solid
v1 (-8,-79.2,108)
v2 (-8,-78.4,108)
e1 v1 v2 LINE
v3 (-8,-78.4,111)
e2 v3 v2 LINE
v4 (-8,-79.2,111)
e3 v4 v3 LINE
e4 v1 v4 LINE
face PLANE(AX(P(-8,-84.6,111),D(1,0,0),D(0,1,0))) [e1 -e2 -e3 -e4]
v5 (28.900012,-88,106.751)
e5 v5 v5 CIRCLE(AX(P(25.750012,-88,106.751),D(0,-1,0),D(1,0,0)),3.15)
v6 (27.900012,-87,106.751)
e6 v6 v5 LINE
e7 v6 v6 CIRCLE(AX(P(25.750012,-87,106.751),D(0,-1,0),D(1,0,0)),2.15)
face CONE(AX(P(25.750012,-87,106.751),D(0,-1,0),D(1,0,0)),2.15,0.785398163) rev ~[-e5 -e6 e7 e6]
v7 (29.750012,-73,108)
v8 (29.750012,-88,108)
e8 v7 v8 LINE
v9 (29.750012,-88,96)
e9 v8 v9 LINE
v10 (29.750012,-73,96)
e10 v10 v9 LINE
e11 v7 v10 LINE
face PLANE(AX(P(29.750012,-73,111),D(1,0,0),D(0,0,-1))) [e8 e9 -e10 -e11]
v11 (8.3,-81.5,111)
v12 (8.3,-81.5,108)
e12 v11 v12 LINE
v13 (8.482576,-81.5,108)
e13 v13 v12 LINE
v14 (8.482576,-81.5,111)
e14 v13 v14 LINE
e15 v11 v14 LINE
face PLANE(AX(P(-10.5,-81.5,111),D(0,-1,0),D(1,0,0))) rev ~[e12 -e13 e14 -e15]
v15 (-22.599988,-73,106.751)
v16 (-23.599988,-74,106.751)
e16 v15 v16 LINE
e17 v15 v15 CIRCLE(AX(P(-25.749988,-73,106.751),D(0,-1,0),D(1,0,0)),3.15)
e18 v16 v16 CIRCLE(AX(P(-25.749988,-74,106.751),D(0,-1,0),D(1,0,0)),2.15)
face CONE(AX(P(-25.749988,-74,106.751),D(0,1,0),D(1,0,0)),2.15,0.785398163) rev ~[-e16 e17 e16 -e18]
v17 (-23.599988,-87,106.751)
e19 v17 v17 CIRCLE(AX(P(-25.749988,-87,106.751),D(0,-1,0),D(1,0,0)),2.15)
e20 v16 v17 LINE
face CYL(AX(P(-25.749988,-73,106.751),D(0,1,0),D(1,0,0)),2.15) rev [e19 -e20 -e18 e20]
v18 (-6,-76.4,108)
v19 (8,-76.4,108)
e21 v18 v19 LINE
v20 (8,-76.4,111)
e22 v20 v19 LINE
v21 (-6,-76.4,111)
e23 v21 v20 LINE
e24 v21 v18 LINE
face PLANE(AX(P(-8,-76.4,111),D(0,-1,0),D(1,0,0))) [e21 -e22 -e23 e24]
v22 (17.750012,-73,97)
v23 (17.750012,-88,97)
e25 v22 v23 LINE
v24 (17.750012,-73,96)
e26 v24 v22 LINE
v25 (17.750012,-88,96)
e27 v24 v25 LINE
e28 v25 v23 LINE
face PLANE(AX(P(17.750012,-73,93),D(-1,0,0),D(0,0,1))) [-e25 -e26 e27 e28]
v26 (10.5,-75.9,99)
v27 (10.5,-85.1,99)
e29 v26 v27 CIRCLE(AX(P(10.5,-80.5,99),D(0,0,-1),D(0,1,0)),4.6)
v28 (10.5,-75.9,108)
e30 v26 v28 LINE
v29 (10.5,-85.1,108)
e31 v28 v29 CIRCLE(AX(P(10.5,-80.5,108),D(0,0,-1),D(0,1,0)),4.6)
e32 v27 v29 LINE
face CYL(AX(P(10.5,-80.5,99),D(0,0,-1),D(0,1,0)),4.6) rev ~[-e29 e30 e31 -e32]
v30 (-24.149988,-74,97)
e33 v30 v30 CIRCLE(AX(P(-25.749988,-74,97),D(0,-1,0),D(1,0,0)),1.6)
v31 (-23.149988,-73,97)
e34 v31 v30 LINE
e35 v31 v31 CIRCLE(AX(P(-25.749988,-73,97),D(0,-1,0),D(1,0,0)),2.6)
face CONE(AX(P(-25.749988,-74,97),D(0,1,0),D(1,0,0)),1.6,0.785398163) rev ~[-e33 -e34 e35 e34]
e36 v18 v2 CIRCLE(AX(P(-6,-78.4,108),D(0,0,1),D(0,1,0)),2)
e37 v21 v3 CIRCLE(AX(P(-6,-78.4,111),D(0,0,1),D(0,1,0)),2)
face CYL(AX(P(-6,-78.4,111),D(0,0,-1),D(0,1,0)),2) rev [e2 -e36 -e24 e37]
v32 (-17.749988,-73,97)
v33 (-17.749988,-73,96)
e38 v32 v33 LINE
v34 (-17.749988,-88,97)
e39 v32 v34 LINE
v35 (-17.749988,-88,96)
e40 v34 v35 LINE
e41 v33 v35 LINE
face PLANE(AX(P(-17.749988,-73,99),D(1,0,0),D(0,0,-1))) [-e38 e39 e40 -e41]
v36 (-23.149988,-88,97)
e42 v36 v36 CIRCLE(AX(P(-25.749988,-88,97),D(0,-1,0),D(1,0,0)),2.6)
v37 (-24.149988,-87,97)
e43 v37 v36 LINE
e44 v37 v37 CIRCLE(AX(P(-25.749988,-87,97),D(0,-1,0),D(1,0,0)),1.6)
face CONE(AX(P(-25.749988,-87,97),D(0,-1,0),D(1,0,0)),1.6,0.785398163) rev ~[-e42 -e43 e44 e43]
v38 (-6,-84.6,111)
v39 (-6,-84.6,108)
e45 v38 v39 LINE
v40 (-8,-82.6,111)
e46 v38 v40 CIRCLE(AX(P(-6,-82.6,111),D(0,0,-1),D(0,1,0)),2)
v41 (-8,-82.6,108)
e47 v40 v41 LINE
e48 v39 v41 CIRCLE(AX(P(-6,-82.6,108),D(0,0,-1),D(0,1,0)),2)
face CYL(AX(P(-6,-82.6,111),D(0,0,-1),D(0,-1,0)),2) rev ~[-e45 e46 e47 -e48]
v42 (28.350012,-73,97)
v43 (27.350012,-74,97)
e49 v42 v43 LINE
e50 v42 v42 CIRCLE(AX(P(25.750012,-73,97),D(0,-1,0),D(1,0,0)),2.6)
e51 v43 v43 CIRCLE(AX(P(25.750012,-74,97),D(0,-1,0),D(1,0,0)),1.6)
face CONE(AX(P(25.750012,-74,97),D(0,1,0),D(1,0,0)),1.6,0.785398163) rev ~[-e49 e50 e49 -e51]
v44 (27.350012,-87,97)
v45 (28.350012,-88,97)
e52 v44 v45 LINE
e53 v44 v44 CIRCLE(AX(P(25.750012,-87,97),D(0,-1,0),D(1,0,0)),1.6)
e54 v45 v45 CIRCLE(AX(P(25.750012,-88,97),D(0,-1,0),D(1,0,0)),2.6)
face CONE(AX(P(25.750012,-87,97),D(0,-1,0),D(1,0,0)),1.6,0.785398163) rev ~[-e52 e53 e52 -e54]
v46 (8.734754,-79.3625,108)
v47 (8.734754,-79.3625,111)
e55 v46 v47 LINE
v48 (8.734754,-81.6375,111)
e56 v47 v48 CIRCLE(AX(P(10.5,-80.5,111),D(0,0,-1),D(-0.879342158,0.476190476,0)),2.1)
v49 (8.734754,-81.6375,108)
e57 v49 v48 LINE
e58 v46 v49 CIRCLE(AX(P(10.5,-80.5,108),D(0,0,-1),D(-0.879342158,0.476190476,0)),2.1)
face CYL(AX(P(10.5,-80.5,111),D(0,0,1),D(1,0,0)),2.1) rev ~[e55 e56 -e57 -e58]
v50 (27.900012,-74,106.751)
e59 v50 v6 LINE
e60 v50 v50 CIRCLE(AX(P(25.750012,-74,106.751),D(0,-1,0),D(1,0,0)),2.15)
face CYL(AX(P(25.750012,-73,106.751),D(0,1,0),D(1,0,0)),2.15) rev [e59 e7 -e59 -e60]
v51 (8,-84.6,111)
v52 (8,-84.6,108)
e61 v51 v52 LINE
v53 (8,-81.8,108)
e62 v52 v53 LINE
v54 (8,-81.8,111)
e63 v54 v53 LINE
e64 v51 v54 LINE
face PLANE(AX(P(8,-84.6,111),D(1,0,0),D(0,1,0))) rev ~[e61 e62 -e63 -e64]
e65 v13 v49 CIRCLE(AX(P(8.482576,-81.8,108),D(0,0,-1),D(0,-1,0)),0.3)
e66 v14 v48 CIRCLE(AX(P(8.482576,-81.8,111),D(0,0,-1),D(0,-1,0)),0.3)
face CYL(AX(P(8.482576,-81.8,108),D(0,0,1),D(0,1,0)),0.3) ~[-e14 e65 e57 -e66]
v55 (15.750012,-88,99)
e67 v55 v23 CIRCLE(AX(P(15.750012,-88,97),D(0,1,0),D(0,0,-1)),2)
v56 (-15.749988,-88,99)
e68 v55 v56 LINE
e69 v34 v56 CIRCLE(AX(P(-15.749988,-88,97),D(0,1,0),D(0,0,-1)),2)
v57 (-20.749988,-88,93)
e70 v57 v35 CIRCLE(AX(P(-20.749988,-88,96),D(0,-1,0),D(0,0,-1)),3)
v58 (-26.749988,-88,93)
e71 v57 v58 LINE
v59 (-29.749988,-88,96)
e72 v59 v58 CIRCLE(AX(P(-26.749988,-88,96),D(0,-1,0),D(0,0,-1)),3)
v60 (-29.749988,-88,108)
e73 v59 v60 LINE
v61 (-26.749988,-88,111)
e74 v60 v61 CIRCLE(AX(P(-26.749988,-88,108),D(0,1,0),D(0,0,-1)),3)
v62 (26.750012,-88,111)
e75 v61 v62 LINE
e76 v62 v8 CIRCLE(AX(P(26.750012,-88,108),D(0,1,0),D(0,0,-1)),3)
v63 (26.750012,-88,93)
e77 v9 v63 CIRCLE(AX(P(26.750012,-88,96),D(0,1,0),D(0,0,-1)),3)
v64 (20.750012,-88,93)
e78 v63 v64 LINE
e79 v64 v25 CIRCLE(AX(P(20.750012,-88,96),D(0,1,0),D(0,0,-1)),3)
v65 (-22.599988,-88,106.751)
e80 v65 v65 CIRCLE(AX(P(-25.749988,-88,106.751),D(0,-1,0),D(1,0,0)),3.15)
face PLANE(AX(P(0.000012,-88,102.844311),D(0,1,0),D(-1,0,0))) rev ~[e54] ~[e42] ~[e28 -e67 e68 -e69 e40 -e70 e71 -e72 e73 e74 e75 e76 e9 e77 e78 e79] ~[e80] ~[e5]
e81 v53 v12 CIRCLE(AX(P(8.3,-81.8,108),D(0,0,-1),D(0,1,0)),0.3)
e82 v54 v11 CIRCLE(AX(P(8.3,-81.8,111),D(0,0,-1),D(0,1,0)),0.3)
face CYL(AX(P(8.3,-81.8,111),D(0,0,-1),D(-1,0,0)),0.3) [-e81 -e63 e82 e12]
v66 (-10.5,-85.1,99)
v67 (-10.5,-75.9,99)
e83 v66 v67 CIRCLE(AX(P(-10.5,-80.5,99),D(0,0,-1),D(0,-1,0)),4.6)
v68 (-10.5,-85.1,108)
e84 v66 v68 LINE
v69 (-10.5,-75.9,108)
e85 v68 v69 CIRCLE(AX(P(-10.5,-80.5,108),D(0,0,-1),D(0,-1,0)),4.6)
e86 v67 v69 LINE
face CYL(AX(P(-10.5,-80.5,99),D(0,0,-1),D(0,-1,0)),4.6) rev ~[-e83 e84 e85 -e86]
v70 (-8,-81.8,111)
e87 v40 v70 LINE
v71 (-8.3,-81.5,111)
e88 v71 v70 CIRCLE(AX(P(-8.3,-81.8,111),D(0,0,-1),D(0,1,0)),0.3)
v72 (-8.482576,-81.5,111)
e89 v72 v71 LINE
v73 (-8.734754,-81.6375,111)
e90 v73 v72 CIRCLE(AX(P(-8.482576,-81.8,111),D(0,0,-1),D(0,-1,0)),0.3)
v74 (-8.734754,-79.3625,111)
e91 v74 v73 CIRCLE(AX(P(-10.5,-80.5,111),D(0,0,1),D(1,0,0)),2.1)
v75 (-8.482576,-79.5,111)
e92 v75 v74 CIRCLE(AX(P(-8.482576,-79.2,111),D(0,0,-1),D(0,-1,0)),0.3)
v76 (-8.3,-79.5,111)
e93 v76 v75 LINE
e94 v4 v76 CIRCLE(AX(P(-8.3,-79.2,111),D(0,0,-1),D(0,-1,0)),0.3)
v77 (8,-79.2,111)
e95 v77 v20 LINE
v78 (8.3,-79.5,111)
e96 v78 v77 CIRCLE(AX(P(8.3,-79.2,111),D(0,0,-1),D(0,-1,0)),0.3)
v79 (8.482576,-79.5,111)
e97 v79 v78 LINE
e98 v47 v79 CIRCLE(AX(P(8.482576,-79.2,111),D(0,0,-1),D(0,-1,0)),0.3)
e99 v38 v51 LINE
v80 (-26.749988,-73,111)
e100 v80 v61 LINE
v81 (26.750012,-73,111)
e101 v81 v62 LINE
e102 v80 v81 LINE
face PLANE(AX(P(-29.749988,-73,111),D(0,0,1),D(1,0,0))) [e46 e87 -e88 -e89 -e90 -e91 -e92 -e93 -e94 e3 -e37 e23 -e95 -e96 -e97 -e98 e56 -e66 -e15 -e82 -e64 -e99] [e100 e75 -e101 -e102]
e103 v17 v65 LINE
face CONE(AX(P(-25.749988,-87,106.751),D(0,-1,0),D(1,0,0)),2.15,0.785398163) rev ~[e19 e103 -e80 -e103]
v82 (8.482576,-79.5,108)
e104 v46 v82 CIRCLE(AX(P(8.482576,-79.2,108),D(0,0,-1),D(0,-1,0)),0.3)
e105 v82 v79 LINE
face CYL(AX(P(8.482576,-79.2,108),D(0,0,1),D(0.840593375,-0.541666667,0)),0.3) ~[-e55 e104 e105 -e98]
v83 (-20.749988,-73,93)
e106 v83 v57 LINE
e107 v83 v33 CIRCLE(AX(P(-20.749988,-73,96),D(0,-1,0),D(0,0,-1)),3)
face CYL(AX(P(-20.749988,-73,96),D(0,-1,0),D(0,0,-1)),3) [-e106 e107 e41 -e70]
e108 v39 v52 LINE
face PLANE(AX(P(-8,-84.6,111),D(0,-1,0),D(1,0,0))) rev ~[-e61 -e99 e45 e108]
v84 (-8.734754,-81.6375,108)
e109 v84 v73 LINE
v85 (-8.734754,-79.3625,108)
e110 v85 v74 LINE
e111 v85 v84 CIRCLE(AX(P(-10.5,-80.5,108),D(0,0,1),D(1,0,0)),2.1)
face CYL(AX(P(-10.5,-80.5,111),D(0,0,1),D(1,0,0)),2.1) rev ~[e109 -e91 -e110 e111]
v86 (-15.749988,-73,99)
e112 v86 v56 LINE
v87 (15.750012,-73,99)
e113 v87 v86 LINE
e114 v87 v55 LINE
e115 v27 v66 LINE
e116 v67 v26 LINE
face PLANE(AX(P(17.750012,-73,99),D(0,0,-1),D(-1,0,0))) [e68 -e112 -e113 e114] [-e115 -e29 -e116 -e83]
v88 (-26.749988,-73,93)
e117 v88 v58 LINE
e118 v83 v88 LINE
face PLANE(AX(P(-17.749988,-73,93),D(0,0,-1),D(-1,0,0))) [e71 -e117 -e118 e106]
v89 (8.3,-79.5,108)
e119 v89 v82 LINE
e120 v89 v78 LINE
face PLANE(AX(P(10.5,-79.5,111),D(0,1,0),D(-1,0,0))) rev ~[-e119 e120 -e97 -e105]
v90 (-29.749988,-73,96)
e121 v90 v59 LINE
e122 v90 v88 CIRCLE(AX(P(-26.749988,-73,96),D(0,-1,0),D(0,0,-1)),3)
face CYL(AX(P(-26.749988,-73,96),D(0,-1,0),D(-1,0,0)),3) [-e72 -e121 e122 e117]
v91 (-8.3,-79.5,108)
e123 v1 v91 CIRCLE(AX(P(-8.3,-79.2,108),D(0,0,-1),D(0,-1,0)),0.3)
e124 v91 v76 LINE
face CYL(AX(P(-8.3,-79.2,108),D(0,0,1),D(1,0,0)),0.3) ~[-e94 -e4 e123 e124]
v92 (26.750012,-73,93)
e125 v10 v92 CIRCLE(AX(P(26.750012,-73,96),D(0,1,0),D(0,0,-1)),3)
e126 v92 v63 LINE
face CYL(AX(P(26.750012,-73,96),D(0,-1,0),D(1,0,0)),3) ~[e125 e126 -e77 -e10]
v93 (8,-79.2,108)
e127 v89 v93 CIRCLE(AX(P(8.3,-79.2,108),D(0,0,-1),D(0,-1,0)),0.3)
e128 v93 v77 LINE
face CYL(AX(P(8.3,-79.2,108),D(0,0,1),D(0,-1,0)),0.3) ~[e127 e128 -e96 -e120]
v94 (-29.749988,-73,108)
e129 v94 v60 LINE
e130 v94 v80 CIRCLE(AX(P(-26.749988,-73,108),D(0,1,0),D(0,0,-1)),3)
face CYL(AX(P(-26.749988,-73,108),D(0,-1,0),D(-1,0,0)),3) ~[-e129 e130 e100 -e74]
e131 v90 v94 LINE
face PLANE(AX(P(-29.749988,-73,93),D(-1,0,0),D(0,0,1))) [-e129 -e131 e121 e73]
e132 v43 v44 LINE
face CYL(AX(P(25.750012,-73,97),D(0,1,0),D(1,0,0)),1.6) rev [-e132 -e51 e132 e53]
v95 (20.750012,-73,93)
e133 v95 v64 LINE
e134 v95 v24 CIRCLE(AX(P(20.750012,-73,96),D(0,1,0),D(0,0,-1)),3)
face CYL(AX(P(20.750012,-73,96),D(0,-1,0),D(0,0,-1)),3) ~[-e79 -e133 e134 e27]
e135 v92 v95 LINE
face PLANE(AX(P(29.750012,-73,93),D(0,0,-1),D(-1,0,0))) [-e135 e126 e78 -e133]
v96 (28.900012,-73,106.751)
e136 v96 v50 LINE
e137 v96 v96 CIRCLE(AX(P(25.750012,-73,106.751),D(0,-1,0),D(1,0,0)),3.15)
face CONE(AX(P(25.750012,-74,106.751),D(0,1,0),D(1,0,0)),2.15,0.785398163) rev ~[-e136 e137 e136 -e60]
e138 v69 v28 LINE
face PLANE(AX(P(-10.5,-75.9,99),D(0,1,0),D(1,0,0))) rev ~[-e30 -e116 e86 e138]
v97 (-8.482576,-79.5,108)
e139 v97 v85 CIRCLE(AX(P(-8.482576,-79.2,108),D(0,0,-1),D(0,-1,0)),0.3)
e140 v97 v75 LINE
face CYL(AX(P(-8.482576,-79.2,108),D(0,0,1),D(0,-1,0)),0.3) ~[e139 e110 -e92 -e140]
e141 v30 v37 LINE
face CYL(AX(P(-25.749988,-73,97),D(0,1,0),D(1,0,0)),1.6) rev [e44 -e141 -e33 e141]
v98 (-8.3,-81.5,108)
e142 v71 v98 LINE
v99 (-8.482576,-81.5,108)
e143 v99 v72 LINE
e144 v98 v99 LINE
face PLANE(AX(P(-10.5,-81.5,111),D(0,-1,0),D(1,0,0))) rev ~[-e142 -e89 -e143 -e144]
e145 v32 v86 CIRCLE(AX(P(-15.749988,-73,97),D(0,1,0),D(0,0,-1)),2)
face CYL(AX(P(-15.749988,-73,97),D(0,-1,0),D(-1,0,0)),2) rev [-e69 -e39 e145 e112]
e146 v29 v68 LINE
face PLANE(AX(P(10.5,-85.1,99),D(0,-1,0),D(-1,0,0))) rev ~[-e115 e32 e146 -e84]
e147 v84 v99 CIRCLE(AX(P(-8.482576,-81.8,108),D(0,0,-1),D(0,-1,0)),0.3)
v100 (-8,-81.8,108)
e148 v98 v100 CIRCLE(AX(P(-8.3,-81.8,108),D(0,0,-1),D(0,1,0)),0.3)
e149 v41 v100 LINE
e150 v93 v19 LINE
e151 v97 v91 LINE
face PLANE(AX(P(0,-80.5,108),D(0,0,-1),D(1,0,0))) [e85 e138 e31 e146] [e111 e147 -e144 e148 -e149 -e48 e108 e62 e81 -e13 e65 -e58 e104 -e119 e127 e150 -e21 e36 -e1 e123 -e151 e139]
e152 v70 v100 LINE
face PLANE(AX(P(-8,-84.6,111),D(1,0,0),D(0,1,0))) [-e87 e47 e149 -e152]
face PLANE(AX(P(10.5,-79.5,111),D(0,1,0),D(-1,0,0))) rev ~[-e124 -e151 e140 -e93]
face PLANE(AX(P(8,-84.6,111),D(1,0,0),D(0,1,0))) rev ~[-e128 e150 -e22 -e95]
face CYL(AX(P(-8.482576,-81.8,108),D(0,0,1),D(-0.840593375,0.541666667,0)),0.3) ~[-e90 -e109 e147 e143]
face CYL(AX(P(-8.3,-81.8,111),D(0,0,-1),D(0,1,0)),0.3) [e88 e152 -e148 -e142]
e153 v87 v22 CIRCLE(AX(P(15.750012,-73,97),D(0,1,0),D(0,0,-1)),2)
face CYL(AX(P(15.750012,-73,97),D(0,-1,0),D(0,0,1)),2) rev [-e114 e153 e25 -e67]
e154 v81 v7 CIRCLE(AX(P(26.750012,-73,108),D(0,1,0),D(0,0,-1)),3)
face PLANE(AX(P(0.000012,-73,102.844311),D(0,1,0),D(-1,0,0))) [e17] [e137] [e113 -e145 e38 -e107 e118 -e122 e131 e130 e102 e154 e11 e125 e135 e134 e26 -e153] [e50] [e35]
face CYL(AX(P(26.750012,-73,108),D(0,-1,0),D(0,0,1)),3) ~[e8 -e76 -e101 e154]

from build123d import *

# Parameters (mm, degrees)
SKETCH015_R     = 2.15
SKETCH015_R_2   = 1.6
PAD005_DEPTH    = 15
FILLET003_R     = 3
FILLET004_R     = 2
CHAMFER007_SIZE = 1
SKETCH016_R     = 2.1
SKETCH016_W     = 16
SKETCH016_H     = 8.2
POCKET008_DEPTH = 18.001
POCKET009_DEPTH = 9
FILLET005_R     = 2
POCKET010_DEPTH = 18.001
FILLET006_R     = 0.3


with BuildPart() as part:
    # Sketch015 (on Face1 of Binder001) → Pad005 (new body)
    with BuildSketch(Plane(origin=(1.2e-05, -73, 0), x_dir=(1, 0, 0), z_dir=(0, -1, 0))):
        Polygon((-29.75, 93), (-29.75, 111), (29.75, 111), (29.75, 93), (17.75, 93), (17.75, 99), (-17.75, 99), (-17.75, 93), align=None)
        with Locations((-25.75, 106.751)):
            Circle(SKETCH015_R, mode=Mode.SUBTRACT)
        with Locations((-25.75, 97)):
            Circle(SKETCH015_R_2, mode=Mode.SUBTRACT)
        with Locations((25.75, 97)):
            Circle(SKETCH015_R_2, mode=Mode.SUBTRACT)
        with Locations((25.75, 106.751)):
            Circle(SKETCH015_R, mode=Mode.SUBTRACT)
    extrude(amount=PAD005_DEPTH)

    # Fillet003
    fillet003_edges = [part.edges().sort_by_distance(p)[0] for p in [
        (-29.749986, -80.500005, 111),
        (29.750014, -80.499995, 111),
        (-29.749986, -80.500005, 93),
        (-17.749986, -80.500003, 93),
        (17.750014, -80.499997, 93),
        (29.750014, -80.499995, 93),
    ]]
    fillet(fillet003_edges, radius=FILLET003_R)

    # Fillet004
    fillet004_edges = [part.edges().sort_by_distance(p)[0] for p in [
        (-17.749986, -80.500003, 99),
        (17.750014, -80.499997, 99),
    ]]
    fillet(fillet004_edges, radius=FILLET004_R)

    # Chamfer007
    chamfer007_edges = [part.edges().sort_by_distance(p)[0] for p in [
        (23.600012, -72.999996, 106.751),
        (24.150012, -72.999996, 97),
        (-27.349988, -73.000005, 97),
        (-27.899988, -73.000005, 106.751),
        (24.150015, -87.999996, 97),
        (23.600015, -87.999996, 106.751),
        (-27.899985, -88.000005, 106.751),
        (-27.349985, -88.000005, 97),
    ]]
    chamfer(chamfer007_edges, length=CHAMFER007_SIZE)

    # Sketch016 (on Face15 of Chamfer007) → Pocket008 (cut, through all)
    with BuildSketch(Plane.XY.offset(111)):
        with Locations((-10.5, -80.5)):
            Circle(SKETCH016_R)
        with Locations((10.5, -80.5)):
            Circle(SKETCH016_R)
        with Locations((0, -80.5)):
            Rectangle(SKETCH016_W, SKETCH016_H)
    extrude(amount=-POCKET008_DEPTH, mode=Mode.SUBTRACT)

    # Sketch017 (on Face6 of Pocket008) → Pocket009 (cut)
    with BuildSketch(Plane(origin=(0, 0, 99), x_dir=(1, 0, 0), z_dir=(0, 0, -1))):
        with BuildLine():
            ThreePointArc((-10.5, 85.1), (-15.1, 80.5), (-10.5, 75.9))
            Line((-10.5, 75.9), (10.5, 75.9))
            ThreePointArc((10.5, 75.9), (15.1, 80.5), (10.5, 85.1))
            Line((10.5, 85.1), (-10.5, 85.1))
        make_face()
    extrude(amount=-POCKET009_DEPTH, mode=Mode.SUBTRACT)

    # Fillet005
    fillet005_edges = [part.edges().sort_by_distance(p)[0] for p in [
        (-8, -76.4, 109.5),
        (-8, -84.6, 109.5),
    ]]
    fillet(fillet005_edges, radius=FILLET005_R)

    # Sketch018 (on Face1 of Fillet005) → Pocket010 (cut, through all)
    with BuildSketch(Plane.XY.offset(111)):
        with BuildLine():
            ThreePointArc((-10.5, -79.5), (-11.5, -80.5), (-10.5, -81.5))
            Line((-10.5, -81.5), (10.5, -81.5))
            ThreePointArc((10.5, -81.5), (11.5, -80.5), (10.5, -79.5))
            Line((10.5, -79.5), (-10.5, -79.5))
        make_face()
    extrude(amount=-POCKET010_DEPTH, mode=Mode.SUBTRACT)

    # Fillet006
    fillet006_edges = [part.edges().sort_by_distance(p)[0] for p in [
        (-8, -79.5, 109.5),
        (-8.653381, -79.5, 109.5),
        (-8, -81.5, 109.5),
        (-8.653381, -81.5, 109.5),
        (8.653381, -79.5, 109.5),
        (8, -79.5, 109.5),
        (8.653381, -81.5, 109.5),
        (8, -81.5, 109.5),
    ]]
    fillet(fillet006_edges, radius=FILLET006_R)


solid = part.part
